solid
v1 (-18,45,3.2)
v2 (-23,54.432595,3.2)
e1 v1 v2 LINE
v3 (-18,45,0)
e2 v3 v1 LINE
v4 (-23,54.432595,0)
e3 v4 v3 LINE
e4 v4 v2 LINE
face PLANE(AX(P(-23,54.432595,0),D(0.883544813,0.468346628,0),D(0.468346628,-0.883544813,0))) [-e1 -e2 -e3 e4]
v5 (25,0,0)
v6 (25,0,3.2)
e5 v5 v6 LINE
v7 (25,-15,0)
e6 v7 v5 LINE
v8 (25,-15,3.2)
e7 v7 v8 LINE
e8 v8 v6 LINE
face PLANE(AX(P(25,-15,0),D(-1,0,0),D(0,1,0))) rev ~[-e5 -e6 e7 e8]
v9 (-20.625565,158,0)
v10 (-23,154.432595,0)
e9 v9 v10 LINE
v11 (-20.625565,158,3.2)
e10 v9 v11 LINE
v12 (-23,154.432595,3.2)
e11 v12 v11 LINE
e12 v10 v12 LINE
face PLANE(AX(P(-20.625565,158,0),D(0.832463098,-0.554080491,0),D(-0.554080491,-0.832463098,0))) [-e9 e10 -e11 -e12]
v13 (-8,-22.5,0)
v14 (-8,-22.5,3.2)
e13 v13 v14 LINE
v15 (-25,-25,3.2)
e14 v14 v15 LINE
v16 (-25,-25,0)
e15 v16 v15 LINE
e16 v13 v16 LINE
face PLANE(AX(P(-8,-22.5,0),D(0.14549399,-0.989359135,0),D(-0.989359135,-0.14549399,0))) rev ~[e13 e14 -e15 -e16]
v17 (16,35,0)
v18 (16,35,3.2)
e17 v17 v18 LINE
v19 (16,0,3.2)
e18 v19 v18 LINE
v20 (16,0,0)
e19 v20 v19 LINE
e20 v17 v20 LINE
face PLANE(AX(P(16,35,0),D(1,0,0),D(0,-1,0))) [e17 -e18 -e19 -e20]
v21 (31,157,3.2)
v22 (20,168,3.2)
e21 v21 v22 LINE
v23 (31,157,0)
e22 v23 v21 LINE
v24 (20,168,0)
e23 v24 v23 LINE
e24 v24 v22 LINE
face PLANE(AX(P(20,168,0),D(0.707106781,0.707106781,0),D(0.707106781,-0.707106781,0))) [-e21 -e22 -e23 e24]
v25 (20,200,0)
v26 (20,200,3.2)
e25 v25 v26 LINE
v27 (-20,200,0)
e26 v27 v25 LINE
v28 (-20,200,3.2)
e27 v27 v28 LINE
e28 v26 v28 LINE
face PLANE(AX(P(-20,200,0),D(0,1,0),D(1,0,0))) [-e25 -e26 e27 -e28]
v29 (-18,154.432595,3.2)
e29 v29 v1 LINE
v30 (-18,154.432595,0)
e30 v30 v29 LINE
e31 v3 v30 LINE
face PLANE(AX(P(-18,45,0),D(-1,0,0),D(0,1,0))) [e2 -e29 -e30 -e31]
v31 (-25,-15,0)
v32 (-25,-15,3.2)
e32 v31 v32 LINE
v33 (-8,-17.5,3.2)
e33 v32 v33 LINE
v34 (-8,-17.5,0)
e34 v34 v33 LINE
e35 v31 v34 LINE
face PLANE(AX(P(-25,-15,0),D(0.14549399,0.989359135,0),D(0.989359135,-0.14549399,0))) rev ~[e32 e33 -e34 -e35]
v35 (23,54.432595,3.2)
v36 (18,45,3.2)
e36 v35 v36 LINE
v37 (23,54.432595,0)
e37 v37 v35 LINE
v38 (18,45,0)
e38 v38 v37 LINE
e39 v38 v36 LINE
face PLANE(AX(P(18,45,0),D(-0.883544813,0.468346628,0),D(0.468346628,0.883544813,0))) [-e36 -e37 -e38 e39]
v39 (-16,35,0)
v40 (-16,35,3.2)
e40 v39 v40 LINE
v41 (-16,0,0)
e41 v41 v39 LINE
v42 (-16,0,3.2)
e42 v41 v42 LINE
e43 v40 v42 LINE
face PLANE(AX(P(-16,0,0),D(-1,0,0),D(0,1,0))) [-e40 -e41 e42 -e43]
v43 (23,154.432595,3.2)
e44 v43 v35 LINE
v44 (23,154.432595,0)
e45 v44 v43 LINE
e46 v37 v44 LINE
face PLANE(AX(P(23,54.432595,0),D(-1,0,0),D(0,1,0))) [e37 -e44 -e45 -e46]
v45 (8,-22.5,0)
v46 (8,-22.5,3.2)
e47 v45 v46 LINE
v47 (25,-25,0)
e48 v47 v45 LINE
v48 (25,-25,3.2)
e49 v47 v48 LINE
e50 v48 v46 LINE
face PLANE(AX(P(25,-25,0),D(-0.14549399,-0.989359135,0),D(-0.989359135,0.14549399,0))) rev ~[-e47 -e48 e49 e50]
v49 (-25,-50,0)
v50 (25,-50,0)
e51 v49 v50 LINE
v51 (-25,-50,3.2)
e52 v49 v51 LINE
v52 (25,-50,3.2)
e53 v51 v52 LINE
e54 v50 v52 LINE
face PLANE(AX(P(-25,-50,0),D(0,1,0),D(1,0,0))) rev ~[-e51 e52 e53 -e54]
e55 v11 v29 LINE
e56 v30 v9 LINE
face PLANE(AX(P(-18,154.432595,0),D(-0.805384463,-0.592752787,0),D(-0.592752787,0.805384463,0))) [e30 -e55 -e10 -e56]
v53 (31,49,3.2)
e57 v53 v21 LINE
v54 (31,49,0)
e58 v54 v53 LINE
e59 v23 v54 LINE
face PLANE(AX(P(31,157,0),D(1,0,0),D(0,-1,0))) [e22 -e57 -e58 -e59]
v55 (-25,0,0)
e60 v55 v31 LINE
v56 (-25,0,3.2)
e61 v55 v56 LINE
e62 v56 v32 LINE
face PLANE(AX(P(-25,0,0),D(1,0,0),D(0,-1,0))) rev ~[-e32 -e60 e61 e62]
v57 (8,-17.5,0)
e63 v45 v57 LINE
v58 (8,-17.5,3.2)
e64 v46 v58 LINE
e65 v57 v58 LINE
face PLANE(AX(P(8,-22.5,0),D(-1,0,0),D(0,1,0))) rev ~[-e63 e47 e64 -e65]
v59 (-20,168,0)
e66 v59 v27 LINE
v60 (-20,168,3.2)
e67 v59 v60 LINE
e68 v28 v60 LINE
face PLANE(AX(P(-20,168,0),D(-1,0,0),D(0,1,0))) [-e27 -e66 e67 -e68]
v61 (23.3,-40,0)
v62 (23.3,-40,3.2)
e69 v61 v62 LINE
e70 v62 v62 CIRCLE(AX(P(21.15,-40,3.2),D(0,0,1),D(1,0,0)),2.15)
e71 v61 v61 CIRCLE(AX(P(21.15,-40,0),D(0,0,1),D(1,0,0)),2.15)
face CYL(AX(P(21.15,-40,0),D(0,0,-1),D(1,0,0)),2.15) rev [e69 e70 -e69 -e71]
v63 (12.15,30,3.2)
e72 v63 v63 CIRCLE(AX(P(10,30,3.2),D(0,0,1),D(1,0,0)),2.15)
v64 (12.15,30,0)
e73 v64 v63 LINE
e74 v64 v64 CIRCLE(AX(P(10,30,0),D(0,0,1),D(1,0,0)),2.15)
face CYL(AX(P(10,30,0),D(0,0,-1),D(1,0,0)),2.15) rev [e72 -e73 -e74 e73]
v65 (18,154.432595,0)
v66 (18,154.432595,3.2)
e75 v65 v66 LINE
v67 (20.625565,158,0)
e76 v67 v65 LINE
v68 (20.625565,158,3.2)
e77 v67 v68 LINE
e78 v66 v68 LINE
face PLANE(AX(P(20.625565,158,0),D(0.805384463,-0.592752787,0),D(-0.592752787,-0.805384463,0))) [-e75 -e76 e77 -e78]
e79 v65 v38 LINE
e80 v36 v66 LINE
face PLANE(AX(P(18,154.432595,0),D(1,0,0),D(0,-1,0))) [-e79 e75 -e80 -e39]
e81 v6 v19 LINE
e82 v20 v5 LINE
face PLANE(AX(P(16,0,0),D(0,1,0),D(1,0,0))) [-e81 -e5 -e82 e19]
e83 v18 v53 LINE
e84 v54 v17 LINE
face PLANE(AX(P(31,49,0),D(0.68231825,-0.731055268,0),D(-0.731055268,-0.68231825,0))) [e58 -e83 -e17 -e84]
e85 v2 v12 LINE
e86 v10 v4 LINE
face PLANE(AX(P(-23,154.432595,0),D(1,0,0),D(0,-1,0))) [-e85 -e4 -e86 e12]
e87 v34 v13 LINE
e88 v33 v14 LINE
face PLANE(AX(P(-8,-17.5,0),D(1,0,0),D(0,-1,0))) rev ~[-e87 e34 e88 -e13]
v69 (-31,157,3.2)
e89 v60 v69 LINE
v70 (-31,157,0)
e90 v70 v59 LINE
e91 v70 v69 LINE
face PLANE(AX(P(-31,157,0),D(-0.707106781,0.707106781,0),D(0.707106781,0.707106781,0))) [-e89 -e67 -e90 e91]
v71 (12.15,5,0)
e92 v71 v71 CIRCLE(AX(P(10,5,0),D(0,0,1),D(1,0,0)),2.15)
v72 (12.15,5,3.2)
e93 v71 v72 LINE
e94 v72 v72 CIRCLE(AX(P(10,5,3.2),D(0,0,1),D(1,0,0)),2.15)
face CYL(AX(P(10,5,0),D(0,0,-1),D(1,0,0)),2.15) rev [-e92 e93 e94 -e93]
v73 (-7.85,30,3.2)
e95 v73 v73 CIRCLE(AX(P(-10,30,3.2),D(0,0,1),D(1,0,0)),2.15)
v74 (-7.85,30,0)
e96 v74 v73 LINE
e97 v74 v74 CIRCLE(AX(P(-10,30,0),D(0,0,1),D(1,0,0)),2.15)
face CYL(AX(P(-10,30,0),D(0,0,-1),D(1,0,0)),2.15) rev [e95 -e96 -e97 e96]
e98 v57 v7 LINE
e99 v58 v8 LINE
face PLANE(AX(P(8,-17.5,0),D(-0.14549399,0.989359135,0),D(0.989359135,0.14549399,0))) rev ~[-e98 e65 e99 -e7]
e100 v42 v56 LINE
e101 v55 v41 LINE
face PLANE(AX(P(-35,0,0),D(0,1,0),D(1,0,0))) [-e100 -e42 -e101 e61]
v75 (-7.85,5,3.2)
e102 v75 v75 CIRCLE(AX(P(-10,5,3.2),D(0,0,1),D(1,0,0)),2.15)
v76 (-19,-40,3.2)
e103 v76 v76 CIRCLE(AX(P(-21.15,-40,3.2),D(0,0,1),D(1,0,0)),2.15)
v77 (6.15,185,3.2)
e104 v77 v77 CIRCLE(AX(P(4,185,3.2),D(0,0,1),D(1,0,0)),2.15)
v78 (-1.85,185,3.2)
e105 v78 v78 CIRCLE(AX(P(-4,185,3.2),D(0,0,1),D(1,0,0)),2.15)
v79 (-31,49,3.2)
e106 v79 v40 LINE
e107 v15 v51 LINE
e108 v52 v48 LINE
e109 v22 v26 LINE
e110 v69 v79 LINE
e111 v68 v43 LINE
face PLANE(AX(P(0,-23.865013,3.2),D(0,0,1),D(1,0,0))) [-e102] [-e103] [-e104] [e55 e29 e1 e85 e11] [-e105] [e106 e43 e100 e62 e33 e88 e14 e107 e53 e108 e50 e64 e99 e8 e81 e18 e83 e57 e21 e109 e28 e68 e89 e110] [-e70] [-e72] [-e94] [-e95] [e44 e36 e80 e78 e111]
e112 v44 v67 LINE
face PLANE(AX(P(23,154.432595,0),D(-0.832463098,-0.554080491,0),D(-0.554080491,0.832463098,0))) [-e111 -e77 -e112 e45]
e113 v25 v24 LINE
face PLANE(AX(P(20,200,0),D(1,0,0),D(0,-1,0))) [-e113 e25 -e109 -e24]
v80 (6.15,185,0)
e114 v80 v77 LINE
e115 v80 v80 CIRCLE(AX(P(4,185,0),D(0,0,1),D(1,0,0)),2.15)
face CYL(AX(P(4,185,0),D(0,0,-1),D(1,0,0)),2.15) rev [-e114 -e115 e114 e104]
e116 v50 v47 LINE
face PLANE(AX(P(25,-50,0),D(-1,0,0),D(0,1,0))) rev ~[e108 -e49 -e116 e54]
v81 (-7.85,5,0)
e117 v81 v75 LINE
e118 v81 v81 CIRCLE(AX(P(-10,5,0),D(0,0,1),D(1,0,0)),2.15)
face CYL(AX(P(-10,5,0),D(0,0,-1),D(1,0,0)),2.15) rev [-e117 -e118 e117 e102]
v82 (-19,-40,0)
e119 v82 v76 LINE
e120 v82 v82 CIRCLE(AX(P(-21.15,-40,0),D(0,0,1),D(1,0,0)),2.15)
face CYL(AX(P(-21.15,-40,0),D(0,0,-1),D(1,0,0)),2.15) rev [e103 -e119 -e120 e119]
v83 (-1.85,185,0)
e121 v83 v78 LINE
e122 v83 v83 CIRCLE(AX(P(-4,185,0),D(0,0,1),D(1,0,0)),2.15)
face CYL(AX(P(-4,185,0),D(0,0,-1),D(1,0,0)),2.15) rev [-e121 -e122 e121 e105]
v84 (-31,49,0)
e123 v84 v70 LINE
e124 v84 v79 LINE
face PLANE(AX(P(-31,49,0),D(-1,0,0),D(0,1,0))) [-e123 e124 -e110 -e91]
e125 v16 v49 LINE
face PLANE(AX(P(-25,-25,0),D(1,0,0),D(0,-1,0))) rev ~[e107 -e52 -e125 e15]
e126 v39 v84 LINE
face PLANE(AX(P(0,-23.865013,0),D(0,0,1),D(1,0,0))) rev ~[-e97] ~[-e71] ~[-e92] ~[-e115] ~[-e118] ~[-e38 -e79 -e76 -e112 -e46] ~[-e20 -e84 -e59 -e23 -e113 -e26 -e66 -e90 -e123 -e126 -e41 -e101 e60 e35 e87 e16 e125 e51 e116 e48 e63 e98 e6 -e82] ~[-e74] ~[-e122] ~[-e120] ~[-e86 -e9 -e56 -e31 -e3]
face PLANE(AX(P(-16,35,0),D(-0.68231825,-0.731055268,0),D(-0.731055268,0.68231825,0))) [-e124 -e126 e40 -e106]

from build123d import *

# Parameters (mm, degrees)
F0_R     = 2.15
F1_DEPTH = 3.2
F3_DEPTH = 74
F4_DEPTH = 32.4


with BuildPart() as f1:
    # F0 (on Top) → F1 (new body)
    with BuildSketch(Plane.XY):
        Polygon((-25, -25), (-25, -50), (25, -50), (25, -25), (8, -22.5), (8, -17.5), (25, -15), (25, 0), (-25, 0), (-25, -15), (-8, -17.5), (-8, -22.5), align=None)
        with Locations((-21.15, -40)):
            Circle(F0_R, mode=Mode.SUBTRACT)
        with Locations((21.15, -40)):
            Circle(F0_R, mode=Mode.SUBTRACT)
        Polygon((-35, 0), (-25, 0), (25, 0), (35, 0), (35, 225), (-35, 225), align=None)
        with Locations((-10, 5)):
            Circle(F0_R, mode=Mode.SUBTRACT)
        with Locations((-10, 30)):
            Circle(F0_R, mode=Mode.SUBTRACT)
        with Locations((10, 5)):
            Circle(F0_R, mode=Mode.SUBTRACT)
        with Locations((10, 30)):
            Circle(F0_R, mode=Mode.SUBTRACT)
        with Locations((-4, 185)):
            Circle(F0_R, mode=Mode.SUBTRACT)
        with Locations((4, 185)):
            Circle(F0_R, mode=Mode.SUBTRACT)
    extrude(amount=F1_DEPTH)

    # F2 (on Top) → F3 (cut)
    with BuildSketch(Plane.XY):
        Polygon((-20, 168), (-20, 200), (20, 200), (20, 168), (31, 157), (31, 225), (-31, 225), (-31, 157), align=None)
        Polygon((-31, 49), (-31, 157), (-31, 225), (-35, 225), (-35, 0), (-31, 0), align=None)
        Polygon((31, 225), (31, 157), (31, 49), (31, 0), (35, 0), (35, 225), align=None)
        Polygon((-16, 35), (-31, 49), (-31, 0), (-16, 0), align=None)
        Polygon((31, 0), (31, 49), (16, 35), (16, 0), align=None)
        Polygon((23, 154.432595), (20.625565, 158), (18, 154.432595), (18, 45), (23, 54.432595), align=None)
        Polygon((-18, 154.432595), (-20.625565, 158), (-23, 154.432595), (-23, 54.432595), (-18, 45), align=None)
    extrude(amount=F3_DEPTH, mode=Mode.SUBTRACT)

    # F2 (on Top) → F4 (cut)
    with BuildSketch(Plane.XY):
        Polygon((-20, 168), (-20, 200), (20, 200), (20, 168), (31, 157), (31, 225), (-31, 225), (-31, 157), align=None)
        Polygon((-31, 49), (-31, 157), (-31, 225), (-35, 225), (-35, 0), (-31, 0), align=None)
        Polygon((31, 225), (31, 157), (31, 49), (31, 0), (35, 0), (35, 225), align=None)
        Polygon((-16, 35), (-31, 49), (-31, 0), (-16, 0), align=None)
        Polygon((31, 0), (31, 49), (16, 35), (16, 0), align=None)
        Polygon((23, 154.432595), (20.625565, 158), (18, 154.432595), (18, 45), (23, 54.432595), align=None)
        Polygon((-18, 154.432595), (-20.625565, 158), (-23, 154.432595), (-23, 54.432595), (-18, 45), align=None)
    extrude(amount=-F4_DEPTH, mode=Mode.SUBTRACT)


solid = f1.part
